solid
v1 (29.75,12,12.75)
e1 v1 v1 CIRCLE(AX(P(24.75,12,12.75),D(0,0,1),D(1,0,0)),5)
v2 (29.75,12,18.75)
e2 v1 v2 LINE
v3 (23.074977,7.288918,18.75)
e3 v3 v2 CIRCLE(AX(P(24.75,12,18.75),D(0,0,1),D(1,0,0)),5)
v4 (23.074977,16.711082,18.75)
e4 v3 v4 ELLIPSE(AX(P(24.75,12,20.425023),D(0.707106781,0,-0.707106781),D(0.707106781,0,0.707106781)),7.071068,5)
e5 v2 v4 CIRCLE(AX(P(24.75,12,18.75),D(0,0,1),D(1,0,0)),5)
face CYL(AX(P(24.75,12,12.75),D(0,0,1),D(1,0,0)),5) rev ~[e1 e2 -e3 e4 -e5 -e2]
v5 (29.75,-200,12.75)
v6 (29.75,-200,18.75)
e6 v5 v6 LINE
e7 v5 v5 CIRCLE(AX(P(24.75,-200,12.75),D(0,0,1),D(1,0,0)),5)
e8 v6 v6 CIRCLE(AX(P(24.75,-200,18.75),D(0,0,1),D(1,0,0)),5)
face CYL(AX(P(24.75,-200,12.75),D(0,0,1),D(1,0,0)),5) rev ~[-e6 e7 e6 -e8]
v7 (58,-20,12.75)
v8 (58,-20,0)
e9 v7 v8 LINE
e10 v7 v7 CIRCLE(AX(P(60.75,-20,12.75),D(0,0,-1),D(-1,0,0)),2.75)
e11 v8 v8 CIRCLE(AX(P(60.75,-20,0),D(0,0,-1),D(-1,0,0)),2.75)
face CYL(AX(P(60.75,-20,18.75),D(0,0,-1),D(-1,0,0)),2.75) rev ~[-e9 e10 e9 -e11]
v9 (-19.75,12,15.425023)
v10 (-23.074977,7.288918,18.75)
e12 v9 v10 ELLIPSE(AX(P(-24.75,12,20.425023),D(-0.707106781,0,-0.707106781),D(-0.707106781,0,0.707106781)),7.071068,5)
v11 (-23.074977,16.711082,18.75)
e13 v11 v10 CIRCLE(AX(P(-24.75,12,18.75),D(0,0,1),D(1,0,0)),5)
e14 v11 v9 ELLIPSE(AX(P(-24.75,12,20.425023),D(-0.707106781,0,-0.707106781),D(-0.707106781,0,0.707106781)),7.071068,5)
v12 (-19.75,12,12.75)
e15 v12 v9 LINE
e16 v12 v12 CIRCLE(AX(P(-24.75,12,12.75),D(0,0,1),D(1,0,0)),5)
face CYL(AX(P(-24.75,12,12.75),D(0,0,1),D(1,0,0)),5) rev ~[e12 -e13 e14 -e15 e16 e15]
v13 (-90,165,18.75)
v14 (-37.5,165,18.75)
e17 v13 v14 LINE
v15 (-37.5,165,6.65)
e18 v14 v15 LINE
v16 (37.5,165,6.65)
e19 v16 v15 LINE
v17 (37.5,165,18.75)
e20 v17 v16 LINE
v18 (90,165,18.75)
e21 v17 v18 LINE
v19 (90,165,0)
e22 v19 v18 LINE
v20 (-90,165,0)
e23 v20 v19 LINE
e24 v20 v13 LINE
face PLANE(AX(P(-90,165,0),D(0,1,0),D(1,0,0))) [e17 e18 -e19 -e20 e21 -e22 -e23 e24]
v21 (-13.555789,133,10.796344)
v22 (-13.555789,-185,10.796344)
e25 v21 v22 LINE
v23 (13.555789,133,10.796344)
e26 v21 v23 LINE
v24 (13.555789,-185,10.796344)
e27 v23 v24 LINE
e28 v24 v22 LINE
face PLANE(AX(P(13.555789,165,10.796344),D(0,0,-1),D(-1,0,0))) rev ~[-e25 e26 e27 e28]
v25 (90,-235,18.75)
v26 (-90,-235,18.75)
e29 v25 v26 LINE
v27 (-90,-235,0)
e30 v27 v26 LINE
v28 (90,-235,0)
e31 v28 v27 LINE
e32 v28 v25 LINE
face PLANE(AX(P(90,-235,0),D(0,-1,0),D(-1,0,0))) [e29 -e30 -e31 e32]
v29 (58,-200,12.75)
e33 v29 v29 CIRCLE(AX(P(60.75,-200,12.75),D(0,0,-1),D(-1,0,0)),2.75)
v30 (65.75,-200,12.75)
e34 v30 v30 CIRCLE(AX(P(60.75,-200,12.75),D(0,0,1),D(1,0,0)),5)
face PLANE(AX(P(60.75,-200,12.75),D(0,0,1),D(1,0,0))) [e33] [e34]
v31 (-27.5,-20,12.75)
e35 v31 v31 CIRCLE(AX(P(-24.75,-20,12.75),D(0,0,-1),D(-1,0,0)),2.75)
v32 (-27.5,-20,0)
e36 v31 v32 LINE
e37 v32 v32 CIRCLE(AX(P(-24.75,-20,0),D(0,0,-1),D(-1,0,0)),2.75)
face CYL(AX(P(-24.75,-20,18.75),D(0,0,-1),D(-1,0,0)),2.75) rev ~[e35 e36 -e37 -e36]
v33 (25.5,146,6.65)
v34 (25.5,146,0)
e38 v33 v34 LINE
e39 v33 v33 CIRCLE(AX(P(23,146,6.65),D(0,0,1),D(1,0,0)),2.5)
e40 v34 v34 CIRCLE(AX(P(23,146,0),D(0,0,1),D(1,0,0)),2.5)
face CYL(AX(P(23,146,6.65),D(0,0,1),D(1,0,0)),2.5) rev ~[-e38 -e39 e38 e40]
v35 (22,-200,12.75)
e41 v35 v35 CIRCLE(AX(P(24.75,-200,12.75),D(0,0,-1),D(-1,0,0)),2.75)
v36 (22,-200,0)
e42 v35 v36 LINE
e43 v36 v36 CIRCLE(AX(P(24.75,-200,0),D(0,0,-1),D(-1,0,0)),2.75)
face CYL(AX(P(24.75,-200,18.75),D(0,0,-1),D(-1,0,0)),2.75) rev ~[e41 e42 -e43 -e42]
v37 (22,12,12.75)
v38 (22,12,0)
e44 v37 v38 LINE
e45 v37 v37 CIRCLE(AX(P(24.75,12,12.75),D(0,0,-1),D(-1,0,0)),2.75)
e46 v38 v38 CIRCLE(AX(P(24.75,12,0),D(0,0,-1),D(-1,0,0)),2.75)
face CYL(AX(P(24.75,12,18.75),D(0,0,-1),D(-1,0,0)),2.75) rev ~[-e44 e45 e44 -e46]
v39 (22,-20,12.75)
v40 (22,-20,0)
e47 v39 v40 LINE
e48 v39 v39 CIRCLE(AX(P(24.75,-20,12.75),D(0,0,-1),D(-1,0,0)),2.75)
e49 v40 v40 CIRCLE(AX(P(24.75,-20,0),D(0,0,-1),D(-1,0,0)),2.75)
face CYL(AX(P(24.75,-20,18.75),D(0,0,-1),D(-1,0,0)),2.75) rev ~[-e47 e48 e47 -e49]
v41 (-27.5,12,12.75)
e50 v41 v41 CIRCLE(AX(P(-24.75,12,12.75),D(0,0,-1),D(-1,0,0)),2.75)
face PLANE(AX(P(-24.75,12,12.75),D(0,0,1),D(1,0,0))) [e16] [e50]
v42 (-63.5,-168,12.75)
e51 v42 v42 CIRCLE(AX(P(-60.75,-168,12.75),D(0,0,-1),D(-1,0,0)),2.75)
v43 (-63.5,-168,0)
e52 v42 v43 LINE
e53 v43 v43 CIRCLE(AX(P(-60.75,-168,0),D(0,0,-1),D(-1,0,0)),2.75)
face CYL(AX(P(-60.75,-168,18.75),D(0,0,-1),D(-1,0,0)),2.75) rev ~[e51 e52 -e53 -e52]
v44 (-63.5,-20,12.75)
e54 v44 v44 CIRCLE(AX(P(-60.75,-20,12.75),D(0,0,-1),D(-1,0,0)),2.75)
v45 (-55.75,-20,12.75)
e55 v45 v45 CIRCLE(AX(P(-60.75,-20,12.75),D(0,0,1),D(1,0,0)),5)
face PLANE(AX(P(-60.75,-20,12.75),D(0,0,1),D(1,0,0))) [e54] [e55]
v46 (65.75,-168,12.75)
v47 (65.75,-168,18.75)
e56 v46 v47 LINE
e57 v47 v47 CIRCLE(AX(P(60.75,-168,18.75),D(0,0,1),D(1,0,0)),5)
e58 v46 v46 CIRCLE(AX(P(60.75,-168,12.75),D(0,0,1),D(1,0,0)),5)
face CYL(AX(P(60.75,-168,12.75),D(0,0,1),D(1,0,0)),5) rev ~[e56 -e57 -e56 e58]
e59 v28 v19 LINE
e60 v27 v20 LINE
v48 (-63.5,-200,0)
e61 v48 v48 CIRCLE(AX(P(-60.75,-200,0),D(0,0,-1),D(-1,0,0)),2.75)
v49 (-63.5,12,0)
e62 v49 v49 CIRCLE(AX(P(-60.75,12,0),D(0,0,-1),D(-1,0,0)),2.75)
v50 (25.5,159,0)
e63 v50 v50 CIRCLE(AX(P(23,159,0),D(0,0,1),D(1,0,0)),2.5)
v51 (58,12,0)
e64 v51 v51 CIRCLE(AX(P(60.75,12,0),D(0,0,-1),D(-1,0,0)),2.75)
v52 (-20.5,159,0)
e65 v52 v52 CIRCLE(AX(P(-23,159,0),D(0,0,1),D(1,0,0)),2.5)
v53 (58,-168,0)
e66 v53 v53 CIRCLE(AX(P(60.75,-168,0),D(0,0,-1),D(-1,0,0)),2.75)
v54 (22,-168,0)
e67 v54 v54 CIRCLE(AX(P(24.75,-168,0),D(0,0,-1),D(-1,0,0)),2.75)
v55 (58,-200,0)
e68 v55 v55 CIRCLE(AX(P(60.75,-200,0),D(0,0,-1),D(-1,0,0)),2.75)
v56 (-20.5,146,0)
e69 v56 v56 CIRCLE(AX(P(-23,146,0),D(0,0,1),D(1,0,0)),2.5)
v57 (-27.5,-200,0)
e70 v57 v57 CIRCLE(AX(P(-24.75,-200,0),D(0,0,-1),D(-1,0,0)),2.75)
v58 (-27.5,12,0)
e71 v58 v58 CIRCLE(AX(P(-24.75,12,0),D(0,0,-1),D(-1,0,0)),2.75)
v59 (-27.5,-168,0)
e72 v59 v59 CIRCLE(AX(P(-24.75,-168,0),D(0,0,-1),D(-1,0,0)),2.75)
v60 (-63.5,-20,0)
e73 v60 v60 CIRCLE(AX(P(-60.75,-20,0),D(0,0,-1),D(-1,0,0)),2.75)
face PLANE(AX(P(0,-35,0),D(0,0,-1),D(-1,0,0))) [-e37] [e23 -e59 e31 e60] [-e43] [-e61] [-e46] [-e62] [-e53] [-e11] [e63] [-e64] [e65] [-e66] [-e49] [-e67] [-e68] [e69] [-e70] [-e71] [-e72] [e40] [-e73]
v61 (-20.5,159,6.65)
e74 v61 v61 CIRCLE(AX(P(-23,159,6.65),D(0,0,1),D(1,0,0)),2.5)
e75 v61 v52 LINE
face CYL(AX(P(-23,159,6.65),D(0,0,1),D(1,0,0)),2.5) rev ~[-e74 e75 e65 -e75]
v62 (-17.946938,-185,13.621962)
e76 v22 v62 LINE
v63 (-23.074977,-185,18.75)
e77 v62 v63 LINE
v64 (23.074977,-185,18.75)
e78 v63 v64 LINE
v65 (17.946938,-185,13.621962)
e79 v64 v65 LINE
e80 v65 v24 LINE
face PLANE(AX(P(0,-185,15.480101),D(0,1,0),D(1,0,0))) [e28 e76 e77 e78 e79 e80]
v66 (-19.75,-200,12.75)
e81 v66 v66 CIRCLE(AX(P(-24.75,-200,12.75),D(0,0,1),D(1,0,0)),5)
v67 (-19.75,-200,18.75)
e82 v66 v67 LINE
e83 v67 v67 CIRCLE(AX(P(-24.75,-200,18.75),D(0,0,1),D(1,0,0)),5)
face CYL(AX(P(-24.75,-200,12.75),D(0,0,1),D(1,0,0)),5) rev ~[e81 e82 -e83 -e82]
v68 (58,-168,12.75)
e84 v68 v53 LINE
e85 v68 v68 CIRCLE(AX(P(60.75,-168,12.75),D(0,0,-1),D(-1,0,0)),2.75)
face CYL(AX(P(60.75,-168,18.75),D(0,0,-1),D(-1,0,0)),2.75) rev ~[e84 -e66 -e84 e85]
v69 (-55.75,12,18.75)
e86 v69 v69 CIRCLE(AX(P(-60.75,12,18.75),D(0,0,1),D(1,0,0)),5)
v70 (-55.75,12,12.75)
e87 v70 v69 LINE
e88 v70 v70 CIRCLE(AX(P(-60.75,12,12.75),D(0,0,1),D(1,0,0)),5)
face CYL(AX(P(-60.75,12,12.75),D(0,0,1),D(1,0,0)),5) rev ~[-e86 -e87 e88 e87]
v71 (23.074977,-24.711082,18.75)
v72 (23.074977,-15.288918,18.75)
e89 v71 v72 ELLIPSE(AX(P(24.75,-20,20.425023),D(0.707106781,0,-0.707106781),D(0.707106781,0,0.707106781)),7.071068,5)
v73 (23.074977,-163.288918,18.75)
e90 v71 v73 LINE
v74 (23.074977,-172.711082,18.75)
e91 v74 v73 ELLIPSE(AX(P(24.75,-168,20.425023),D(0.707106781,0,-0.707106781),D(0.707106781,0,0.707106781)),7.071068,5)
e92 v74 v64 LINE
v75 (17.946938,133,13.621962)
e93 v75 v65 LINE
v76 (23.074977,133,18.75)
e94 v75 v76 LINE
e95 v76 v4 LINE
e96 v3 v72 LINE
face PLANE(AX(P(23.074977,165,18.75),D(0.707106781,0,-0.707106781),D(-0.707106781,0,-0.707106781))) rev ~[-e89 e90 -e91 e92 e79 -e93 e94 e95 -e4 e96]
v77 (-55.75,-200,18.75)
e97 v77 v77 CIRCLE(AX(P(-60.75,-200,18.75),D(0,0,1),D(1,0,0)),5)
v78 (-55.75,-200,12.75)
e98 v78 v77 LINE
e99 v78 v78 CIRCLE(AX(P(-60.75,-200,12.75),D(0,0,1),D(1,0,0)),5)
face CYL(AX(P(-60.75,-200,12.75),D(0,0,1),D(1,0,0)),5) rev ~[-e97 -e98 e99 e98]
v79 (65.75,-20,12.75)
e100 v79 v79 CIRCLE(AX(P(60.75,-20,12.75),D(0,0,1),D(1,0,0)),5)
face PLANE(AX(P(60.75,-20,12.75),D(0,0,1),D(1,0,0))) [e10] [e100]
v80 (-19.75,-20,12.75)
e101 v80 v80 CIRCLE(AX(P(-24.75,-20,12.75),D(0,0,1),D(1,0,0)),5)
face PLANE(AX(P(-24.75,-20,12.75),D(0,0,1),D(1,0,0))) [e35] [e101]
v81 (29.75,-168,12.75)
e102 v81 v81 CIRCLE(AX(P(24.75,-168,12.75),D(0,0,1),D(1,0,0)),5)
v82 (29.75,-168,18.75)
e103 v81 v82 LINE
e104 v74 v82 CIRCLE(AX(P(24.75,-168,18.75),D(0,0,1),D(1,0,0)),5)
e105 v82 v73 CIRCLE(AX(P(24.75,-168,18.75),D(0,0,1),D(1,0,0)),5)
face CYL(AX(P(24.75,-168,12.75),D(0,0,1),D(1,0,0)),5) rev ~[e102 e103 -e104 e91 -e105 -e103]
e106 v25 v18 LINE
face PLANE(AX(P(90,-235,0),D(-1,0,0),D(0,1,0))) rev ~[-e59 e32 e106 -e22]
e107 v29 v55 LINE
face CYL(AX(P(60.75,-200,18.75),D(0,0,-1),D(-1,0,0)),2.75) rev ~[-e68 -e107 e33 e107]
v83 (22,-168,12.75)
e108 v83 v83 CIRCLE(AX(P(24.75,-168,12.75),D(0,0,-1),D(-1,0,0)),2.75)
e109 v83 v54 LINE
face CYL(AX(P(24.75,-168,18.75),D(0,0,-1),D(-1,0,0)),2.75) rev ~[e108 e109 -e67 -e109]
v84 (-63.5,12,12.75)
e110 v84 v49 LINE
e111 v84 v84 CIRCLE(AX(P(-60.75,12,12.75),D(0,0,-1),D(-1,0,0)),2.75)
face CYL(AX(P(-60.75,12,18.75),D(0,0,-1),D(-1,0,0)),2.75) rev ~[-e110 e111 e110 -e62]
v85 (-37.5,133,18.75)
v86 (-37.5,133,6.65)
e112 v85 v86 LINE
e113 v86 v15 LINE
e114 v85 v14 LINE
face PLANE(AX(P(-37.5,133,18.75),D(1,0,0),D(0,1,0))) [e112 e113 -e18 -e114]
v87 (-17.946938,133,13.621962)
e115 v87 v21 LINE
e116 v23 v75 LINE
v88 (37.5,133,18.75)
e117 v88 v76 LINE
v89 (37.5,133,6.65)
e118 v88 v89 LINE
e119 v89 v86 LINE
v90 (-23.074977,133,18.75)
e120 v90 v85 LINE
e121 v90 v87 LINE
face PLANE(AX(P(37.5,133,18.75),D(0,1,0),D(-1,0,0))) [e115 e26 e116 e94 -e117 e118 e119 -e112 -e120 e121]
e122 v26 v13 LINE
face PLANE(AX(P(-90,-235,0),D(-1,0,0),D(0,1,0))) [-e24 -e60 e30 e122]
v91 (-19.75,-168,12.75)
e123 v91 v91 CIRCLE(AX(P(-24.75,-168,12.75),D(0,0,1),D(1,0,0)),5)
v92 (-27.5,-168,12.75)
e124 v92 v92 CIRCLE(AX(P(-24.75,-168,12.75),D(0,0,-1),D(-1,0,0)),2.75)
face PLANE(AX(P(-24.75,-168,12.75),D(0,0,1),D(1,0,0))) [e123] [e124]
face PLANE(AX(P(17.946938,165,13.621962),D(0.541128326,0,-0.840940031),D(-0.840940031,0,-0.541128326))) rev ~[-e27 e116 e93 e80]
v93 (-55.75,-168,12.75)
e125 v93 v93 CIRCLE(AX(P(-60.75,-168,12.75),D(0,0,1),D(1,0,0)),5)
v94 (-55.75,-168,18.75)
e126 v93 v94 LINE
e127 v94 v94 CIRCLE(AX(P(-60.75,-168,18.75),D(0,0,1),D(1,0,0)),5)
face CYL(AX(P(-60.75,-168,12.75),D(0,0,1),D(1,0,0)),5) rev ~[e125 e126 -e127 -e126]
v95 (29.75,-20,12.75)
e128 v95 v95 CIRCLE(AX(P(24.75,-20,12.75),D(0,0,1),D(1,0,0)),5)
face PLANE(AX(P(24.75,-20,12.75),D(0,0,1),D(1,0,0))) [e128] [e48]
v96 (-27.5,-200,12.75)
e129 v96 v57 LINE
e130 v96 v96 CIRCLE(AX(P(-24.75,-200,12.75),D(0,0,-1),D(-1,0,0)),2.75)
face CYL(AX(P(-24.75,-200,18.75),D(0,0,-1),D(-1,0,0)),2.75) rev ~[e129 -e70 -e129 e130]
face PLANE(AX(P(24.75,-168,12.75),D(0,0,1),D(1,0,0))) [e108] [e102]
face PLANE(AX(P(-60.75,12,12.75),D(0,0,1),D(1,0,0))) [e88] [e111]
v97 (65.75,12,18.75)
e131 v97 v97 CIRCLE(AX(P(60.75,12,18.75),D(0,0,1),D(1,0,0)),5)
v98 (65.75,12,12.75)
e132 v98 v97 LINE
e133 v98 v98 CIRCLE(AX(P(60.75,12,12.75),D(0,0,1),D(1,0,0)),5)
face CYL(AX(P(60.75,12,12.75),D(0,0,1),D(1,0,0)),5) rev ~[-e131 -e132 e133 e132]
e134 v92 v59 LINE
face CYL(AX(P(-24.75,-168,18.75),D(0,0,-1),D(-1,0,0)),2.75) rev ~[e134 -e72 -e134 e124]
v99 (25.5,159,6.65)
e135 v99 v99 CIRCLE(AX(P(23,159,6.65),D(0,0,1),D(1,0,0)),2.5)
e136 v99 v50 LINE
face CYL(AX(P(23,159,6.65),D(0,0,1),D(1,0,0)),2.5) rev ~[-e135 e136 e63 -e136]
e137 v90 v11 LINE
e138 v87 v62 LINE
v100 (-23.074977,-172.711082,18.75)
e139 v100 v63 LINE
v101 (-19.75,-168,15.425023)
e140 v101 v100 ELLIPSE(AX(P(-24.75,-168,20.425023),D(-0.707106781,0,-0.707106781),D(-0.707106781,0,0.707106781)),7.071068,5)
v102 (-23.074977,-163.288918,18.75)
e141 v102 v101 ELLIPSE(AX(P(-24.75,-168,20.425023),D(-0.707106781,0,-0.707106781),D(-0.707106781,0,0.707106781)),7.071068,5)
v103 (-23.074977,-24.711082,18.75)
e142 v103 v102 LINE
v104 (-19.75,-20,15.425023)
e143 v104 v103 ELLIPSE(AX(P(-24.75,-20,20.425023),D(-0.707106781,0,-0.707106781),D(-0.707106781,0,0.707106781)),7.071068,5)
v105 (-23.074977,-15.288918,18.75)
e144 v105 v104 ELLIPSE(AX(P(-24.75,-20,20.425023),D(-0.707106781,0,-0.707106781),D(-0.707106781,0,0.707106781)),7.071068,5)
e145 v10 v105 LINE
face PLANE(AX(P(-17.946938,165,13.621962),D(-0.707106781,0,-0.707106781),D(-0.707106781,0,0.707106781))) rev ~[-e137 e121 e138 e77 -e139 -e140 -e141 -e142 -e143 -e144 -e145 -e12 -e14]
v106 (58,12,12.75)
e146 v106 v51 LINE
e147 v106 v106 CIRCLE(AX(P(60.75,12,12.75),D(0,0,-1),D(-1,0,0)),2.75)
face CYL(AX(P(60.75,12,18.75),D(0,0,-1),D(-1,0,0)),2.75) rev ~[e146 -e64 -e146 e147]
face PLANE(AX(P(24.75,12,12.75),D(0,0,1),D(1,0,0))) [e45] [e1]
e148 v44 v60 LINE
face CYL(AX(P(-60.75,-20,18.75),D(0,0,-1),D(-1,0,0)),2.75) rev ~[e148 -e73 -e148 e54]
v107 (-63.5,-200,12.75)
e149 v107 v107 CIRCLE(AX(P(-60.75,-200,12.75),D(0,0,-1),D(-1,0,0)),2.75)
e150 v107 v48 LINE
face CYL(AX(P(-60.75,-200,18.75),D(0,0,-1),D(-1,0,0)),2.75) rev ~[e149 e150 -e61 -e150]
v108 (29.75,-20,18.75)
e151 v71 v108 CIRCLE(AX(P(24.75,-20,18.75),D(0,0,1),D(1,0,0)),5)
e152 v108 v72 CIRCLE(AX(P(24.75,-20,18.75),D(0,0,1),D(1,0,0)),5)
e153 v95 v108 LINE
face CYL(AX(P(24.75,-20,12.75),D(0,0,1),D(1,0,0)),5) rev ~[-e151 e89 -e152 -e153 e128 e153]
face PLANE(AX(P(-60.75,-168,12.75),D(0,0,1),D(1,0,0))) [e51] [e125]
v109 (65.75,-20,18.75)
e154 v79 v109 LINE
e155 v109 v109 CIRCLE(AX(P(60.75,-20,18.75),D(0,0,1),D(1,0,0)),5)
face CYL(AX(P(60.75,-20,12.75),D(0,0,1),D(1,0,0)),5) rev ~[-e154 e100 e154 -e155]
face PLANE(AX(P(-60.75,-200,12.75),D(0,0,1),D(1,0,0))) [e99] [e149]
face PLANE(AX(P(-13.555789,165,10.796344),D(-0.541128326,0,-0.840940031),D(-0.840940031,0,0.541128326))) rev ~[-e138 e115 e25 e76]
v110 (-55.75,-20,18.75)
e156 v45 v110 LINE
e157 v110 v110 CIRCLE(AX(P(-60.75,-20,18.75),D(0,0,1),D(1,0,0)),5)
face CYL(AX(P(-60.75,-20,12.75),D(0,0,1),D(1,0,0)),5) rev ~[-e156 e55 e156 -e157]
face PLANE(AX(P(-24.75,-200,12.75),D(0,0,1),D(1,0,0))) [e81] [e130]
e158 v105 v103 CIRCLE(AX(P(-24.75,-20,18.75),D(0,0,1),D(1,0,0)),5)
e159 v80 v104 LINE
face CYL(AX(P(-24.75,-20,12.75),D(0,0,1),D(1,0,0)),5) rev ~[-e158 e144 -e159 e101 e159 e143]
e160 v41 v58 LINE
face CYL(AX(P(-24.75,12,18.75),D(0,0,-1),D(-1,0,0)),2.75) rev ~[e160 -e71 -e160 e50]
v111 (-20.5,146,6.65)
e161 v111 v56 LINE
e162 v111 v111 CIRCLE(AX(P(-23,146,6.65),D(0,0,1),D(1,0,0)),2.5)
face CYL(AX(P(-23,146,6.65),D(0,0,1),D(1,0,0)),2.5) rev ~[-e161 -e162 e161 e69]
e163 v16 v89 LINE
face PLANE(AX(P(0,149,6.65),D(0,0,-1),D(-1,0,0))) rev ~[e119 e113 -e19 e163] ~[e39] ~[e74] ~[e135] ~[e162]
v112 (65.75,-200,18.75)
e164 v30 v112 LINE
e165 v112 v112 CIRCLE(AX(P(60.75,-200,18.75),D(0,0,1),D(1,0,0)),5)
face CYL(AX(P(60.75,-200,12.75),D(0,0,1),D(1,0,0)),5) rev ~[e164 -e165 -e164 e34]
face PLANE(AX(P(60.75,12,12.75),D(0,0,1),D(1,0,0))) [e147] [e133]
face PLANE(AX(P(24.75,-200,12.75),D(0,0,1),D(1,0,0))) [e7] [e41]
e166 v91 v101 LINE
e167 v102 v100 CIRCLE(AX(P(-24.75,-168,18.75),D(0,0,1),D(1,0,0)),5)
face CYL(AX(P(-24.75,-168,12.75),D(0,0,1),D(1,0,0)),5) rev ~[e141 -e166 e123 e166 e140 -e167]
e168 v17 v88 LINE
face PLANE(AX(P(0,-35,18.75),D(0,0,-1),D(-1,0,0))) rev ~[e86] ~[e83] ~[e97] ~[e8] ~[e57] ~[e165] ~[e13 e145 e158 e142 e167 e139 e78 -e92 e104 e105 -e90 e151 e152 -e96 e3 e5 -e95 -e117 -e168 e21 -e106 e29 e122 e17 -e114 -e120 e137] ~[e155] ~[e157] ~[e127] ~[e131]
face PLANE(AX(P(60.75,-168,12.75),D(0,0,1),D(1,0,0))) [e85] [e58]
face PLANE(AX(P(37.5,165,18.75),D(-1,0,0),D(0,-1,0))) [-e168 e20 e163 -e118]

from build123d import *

# Parameters (mm, degrees)
BOSS_EXTRUDE1_DEPTH            = 18.75
CBORE_FOR_M5_SHCS2_D           = 5.5
CBORE_FOR_M5_SHCS2_CBORE_D     = 10
CBORE_FOR_M5_SHCS2_CBORE_DEPTH = 6
CUT_EXTRUDE1_DEPTH             = 350
CUT_EXTRUDE2_DEPTH             = 12.1
SKETCH30_R                     = 2.5
CUT_EXTRUDE3_DEPTH             = 252.935329003


with BuildPart() as part:
    # Sketch1 → Boss-Extrude1 (new body)
    with BuildSketch(Plane.XY):
        Polygon((90, 22), (90, -210), (90, -235), (-90, -235), (-90, 165), (90, 165), align=None)
    extrude(amount=BOSS_EXTRUDE1_DEPTH)

    # CBORE for M5 SHCS2 (through all)
    with Locations(Plane.XY.offset(18.75)):
        with Locations((-60.75, -200), (-60.75, -168), (-24.75, -168), (-24.75, -200), (24.75, -200), (24.75, -168), (60.75, -168), (60.75, -200), (-60.75, -20), (-60.75, 12), (-24.75, -20), (24.75, 12), (60.75, 12), (60.75, -20), (24.75, -20), (-24.75, 12)):
            CounterBoreHole(CBORE_FOR_M5_SHCS2_D / 2, CBORE_FOR_M5_SHCS2_CBORE_D / 2, CBORE_FOR_M5_SHCS2_CBORE_DEPTH)

    # Sketch28 → Cut-Extrude1 (cut)
    with BuildSketch(Plane(origin=(0, 165, 0), x_dir=(1, 0, 0), z_dir=(0, 1, 0))):
        Polygon((23.074976608, -18.75), (17.946938328, -13.621961721), (13.555789015, -10.796343736), (-13.555789015, -10.796343736), (-17.946938328, -13.621961721), (-23.074976608, -18.75), align=None)
    extrude(amount=-CUT_EXTRUDE1_DEPTH, mode=Mode.SUBTRACT)

    # Sketch29 → Cut-Extrude2 (cut)
    with BuildSketch(Plane.XY.offset(18.75)):
        Polygon((0, 165), (37.5, 165), (37.5, 133), (-37.5, 133), (-37.5, 165), align=None)
    extrude(amount=-CUT_EXTRUDE2_DEPTH, mode=Mode.SUBTRACT)

    # Sketch30 → Cut-Extrude3 (cut, through all)
    with BuildSketch(Plane.XY.offset(6.65)):
        with Locations((23, 159)):
            Circle(SKETCH30_R)
        with Locations((-23, 159)):
            Circle(SKETCH30_R)
        with Locations((23, 146)):
            Circle(SKETCH30_R)
        with Locations((-23, 146)):
            Circle(SKETCH30_R)
    extrude(amount=-CUT_EXTRUDE3_DEPTH, mode=Mode.SUBTRACT)


solid = part.part
